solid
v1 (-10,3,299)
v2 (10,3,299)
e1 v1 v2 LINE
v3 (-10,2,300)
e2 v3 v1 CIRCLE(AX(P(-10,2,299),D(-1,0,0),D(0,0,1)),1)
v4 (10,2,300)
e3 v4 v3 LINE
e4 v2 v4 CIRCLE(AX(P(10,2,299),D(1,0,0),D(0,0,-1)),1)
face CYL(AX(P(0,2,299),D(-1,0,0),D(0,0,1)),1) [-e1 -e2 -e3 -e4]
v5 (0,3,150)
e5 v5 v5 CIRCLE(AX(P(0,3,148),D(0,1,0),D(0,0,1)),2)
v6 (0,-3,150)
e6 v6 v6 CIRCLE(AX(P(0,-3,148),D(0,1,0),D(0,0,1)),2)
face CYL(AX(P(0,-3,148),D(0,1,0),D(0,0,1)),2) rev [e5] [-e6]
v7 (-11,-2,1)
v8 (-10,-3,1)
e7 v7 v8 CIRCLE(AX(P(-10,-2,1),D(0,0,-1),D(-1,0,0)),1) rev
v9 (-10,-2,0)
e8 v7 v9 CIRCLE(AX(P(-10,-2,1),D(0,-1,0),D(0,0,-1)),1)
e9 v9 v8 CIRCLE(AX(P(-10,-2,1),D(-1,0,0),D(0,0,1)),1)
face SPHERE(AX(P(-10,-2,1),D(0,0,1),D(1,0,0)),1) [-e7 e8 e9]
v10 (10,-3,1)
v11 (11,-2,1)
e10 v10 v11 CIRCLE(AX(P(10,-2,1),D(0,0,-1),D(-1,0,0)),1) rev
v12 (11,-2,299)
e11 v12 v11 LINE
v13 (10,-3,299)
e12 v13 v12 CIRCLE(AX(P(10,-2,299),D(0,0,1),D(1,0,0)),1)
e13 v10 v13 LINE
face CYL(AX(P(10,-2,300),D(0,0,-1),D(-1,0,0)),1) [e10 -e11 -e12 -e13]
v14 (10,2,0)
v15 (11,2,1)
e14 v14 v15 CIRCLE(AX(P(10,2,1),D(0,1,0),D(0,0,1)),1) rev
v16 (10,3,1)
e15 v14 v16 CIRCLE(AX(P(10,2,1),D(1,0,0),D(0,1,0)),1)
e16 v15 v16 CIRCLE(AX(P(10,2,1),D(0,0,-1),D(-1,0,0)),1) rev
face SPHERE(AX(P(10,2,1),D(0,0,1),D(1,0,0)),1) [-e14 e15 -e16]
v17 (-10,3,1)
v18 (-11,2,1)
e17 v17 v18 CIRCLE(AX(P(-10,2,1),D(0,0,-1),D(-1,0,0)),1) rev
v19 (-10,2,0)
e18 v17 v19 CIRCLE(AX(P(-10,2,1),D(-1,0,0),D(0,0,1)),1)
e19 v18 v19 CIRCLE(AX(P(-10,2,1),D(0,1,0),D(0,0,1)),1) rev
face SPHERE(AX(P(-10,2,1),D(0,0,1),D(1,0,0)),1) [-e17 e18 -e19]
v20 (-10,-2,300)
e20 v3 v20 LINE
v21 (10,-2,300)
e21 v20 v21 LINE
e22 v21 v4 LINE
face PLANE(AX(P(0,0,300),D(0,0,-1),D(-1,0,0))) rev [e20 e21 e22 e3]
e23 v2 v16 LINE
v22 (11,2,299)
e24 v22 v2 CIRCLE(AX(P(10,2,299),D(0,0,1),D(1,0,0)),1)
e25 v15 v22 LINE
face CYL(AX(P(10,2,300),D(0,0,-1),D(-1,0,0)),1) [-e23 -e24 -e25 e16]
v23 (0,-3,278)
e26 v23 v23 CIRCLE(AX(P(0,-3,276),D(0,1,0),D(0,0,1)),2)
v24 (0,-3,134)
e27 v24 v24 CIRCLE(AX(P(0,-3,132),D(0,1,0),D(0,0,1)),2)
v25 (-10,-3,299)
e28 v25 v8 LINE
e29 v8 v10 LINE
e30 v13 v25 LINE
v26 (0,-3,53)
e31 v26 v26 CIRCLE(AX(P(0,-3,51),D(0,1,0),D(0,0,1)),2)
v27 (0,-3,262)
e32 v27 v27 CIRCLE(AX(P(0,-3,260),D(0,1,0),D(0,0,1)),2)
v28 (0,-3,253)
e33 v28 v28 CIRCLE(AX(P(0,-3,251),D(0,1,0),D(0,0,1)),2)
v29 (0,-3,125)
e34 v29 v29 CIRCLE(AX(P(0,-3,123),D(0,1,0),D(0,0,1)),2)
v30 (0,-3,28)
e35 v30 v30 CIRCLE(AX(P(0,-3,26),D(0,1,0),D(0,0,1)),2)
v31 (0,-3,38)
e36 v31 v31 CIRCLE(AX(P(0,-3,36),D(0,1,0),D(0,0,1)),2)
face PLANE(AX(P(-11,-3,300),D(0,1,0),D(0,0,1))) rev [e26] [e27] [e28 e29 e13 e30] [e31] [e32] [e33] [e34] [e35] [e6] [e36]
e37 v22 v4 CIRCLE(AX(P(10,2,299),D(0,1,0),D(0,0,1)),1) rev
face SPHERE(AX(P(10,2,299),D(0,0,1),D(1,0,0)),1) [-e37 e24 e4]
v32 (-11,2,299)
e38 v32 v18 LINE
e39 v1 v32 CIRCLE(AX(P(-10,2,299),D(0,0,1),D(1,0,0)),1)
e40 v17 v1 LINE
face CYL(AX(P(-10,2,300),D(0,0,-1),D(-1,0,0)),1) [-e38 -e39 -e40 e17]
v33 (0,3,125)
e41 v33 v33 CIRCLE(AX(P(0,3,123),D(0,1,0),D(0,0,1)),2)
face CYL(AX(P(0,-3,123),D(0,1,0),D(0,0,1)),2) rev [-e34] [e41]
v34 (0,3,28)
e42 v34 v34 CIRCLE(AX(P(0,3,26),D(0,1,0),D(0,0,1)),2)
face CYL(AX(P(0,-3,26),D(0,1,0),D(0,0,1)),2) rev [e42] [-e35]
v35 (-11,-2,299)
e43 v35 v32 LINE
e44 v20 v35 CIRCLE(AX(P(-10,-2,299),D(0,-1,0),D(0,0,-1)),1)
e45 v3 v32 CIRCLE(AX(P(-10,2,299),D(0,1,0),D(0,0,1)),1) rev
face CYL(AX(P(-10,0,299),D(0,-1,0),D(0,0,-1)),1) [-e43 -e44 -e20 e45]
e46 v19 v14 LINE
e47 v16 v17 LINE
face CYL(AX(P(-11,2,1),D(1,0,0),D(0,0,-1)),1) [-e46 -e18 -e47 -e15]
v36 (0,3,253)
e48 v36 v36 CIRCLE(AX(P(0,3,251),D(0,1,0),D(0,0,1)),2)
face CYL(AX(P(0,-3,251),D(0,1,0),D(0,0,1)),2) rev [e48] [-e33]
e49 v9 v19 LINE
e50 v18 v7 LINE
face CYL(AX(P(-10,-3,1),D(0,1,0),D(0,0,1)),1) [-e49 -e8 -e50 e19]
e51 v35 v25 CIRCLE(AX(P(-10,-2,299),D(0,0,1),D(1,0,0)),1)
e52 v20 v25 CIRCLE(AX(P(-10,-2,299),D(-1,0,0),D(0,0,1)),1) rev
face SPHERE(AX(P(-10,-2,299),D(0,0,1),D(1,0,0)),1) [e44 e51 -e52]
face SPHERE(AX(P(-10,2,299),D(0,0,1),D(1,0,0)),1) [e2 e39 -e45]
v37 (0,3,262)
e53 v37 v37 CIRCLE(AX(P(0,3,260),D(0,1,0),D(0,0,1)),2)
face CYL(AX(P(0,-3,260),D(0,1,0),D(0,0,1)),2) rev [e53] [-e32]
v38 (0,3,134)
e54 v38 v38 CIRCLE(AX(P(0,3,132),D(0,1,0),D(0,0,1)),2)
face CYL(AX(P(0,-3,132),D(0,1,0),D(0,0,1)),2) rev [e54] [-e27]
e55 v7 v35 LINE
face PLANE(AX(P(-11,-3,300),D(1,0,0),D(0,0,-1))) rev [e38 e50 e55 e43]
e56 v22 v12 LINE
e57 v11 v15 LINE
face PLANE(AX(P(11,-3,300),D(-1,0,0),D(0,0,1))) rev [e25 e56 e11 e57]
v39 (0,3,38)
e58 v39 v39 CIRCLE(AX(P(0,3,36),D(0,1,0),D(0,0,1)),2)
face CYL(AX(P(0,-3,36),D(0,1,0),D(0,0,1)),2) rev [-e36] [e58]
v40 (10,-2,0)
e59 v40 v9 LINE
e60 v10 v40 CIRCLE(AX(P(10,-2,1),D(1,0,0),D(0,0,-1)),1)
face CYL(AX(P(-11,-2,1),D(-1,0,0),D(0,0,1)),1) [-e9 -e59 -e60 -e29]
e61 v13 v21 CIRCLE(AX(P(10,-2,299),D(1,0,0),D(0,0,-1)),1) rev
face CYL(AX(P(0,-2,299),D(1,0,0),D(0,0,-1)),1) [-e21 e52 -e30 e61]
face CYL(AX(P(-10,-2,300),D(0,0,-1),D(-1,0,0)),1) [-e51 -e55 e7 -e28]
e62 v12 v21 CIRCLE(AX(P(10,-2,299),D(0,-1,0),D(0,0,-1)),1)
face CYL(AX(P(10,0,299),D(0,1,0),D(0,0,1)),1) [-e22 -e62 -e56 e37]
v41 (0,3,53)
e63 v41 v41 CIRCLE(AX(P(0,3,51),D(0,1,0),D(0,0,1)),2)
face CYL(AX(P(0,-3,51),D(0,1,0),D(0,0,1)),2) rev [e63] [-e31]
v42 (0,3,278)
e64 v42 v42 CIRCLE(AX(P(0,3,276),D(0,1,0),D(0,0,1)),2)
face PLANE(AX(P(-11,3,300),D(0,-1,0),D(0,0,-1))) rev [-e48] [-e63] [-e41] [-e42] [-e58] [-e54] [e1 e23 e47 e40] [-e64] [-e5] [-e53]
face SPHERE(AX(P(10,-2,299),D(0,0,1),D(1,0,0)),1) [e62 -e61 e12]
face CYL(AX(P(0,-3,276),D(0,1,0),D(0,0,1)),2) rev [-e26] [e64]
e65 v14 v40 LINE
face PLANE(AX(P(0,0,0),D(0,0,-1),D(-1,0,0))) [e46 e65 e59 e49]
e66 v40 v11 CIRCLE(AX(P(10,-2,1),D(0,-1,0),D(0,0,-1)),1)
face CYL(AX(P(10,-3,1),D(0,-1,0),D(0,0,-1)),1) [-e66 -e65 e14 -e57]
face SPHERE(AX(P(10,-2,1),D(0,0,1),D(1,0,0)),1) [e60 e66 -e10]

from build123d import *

# Parameters (mm, degrees)
SKETCH1_W           = 22
SKETCH1_H           = 6
BOSS_EXTRUDE1_DEPTH = 300
SKETCH3_R           = 2
CUT_EXTRUDE1_DEPTH  = 6
FILLET1_R           = 1


with BuildPart() as part:
    # Sketch1 → Boss-Extrude1 (new body)
    with BuildSketch(Plane.XY):
        Rectangle(SKETCH1_W, SKETCH1_H)
    extrude(amount=BOSS_EXTRUDE1_DEPTH)

    # Sketch3 → Cut-Extrude1 (cut)
    with BuildSketch(Plane(origin=(0, 3, 0), x_dir=(1, 0, 0), z_dir=(0, 1, 0))):
        with Locations((0, -26)):
            Circle(SKETCH3_R)
        with Locations((0, -36)):
            Circle(SKETCH3_R)
        with Locations((0, -51)):
            Circle(SKETCH3_R)
        with Locations((0, -260)):
            Circle(SKETCH3_R)
        with Locations((0, -276)):
            Circle(SKETCH3_R)
        with Locations((0, -251)):
            Circle(SKETCH3_R)
        with Locations((0, -148)):
            Circle(SKETCH3_R)
        with Locations((0, -123)):
            Circle(SKETCH3_R)
        with Locations((0, -132)):
            Circle(SKETCH3_R)
    extrude(amount=-CUT_EXTRUDE1_DEPTH, mode=Mode.SUBTRACT)

    # Fillet1
    fillet1_edges = [part.edges().sort_by_distance(p)[0] for p in [
        (-11, 0, 300),
        (0, -3, 300),
        (11, 0, 300),
        (0, -3, 0),
        (-11, 0, 0),
        (0, 3, 0),
        (11, 0, 0),
        (0, 3, 300),
        (11, -3, 150),
        (-11, -3, 150),
        (-11, 3, 150),
        (11, 3, 150),
    ]]
    fillet(fillet1_edges, radius=FILLET1_R)


solid = part.part
